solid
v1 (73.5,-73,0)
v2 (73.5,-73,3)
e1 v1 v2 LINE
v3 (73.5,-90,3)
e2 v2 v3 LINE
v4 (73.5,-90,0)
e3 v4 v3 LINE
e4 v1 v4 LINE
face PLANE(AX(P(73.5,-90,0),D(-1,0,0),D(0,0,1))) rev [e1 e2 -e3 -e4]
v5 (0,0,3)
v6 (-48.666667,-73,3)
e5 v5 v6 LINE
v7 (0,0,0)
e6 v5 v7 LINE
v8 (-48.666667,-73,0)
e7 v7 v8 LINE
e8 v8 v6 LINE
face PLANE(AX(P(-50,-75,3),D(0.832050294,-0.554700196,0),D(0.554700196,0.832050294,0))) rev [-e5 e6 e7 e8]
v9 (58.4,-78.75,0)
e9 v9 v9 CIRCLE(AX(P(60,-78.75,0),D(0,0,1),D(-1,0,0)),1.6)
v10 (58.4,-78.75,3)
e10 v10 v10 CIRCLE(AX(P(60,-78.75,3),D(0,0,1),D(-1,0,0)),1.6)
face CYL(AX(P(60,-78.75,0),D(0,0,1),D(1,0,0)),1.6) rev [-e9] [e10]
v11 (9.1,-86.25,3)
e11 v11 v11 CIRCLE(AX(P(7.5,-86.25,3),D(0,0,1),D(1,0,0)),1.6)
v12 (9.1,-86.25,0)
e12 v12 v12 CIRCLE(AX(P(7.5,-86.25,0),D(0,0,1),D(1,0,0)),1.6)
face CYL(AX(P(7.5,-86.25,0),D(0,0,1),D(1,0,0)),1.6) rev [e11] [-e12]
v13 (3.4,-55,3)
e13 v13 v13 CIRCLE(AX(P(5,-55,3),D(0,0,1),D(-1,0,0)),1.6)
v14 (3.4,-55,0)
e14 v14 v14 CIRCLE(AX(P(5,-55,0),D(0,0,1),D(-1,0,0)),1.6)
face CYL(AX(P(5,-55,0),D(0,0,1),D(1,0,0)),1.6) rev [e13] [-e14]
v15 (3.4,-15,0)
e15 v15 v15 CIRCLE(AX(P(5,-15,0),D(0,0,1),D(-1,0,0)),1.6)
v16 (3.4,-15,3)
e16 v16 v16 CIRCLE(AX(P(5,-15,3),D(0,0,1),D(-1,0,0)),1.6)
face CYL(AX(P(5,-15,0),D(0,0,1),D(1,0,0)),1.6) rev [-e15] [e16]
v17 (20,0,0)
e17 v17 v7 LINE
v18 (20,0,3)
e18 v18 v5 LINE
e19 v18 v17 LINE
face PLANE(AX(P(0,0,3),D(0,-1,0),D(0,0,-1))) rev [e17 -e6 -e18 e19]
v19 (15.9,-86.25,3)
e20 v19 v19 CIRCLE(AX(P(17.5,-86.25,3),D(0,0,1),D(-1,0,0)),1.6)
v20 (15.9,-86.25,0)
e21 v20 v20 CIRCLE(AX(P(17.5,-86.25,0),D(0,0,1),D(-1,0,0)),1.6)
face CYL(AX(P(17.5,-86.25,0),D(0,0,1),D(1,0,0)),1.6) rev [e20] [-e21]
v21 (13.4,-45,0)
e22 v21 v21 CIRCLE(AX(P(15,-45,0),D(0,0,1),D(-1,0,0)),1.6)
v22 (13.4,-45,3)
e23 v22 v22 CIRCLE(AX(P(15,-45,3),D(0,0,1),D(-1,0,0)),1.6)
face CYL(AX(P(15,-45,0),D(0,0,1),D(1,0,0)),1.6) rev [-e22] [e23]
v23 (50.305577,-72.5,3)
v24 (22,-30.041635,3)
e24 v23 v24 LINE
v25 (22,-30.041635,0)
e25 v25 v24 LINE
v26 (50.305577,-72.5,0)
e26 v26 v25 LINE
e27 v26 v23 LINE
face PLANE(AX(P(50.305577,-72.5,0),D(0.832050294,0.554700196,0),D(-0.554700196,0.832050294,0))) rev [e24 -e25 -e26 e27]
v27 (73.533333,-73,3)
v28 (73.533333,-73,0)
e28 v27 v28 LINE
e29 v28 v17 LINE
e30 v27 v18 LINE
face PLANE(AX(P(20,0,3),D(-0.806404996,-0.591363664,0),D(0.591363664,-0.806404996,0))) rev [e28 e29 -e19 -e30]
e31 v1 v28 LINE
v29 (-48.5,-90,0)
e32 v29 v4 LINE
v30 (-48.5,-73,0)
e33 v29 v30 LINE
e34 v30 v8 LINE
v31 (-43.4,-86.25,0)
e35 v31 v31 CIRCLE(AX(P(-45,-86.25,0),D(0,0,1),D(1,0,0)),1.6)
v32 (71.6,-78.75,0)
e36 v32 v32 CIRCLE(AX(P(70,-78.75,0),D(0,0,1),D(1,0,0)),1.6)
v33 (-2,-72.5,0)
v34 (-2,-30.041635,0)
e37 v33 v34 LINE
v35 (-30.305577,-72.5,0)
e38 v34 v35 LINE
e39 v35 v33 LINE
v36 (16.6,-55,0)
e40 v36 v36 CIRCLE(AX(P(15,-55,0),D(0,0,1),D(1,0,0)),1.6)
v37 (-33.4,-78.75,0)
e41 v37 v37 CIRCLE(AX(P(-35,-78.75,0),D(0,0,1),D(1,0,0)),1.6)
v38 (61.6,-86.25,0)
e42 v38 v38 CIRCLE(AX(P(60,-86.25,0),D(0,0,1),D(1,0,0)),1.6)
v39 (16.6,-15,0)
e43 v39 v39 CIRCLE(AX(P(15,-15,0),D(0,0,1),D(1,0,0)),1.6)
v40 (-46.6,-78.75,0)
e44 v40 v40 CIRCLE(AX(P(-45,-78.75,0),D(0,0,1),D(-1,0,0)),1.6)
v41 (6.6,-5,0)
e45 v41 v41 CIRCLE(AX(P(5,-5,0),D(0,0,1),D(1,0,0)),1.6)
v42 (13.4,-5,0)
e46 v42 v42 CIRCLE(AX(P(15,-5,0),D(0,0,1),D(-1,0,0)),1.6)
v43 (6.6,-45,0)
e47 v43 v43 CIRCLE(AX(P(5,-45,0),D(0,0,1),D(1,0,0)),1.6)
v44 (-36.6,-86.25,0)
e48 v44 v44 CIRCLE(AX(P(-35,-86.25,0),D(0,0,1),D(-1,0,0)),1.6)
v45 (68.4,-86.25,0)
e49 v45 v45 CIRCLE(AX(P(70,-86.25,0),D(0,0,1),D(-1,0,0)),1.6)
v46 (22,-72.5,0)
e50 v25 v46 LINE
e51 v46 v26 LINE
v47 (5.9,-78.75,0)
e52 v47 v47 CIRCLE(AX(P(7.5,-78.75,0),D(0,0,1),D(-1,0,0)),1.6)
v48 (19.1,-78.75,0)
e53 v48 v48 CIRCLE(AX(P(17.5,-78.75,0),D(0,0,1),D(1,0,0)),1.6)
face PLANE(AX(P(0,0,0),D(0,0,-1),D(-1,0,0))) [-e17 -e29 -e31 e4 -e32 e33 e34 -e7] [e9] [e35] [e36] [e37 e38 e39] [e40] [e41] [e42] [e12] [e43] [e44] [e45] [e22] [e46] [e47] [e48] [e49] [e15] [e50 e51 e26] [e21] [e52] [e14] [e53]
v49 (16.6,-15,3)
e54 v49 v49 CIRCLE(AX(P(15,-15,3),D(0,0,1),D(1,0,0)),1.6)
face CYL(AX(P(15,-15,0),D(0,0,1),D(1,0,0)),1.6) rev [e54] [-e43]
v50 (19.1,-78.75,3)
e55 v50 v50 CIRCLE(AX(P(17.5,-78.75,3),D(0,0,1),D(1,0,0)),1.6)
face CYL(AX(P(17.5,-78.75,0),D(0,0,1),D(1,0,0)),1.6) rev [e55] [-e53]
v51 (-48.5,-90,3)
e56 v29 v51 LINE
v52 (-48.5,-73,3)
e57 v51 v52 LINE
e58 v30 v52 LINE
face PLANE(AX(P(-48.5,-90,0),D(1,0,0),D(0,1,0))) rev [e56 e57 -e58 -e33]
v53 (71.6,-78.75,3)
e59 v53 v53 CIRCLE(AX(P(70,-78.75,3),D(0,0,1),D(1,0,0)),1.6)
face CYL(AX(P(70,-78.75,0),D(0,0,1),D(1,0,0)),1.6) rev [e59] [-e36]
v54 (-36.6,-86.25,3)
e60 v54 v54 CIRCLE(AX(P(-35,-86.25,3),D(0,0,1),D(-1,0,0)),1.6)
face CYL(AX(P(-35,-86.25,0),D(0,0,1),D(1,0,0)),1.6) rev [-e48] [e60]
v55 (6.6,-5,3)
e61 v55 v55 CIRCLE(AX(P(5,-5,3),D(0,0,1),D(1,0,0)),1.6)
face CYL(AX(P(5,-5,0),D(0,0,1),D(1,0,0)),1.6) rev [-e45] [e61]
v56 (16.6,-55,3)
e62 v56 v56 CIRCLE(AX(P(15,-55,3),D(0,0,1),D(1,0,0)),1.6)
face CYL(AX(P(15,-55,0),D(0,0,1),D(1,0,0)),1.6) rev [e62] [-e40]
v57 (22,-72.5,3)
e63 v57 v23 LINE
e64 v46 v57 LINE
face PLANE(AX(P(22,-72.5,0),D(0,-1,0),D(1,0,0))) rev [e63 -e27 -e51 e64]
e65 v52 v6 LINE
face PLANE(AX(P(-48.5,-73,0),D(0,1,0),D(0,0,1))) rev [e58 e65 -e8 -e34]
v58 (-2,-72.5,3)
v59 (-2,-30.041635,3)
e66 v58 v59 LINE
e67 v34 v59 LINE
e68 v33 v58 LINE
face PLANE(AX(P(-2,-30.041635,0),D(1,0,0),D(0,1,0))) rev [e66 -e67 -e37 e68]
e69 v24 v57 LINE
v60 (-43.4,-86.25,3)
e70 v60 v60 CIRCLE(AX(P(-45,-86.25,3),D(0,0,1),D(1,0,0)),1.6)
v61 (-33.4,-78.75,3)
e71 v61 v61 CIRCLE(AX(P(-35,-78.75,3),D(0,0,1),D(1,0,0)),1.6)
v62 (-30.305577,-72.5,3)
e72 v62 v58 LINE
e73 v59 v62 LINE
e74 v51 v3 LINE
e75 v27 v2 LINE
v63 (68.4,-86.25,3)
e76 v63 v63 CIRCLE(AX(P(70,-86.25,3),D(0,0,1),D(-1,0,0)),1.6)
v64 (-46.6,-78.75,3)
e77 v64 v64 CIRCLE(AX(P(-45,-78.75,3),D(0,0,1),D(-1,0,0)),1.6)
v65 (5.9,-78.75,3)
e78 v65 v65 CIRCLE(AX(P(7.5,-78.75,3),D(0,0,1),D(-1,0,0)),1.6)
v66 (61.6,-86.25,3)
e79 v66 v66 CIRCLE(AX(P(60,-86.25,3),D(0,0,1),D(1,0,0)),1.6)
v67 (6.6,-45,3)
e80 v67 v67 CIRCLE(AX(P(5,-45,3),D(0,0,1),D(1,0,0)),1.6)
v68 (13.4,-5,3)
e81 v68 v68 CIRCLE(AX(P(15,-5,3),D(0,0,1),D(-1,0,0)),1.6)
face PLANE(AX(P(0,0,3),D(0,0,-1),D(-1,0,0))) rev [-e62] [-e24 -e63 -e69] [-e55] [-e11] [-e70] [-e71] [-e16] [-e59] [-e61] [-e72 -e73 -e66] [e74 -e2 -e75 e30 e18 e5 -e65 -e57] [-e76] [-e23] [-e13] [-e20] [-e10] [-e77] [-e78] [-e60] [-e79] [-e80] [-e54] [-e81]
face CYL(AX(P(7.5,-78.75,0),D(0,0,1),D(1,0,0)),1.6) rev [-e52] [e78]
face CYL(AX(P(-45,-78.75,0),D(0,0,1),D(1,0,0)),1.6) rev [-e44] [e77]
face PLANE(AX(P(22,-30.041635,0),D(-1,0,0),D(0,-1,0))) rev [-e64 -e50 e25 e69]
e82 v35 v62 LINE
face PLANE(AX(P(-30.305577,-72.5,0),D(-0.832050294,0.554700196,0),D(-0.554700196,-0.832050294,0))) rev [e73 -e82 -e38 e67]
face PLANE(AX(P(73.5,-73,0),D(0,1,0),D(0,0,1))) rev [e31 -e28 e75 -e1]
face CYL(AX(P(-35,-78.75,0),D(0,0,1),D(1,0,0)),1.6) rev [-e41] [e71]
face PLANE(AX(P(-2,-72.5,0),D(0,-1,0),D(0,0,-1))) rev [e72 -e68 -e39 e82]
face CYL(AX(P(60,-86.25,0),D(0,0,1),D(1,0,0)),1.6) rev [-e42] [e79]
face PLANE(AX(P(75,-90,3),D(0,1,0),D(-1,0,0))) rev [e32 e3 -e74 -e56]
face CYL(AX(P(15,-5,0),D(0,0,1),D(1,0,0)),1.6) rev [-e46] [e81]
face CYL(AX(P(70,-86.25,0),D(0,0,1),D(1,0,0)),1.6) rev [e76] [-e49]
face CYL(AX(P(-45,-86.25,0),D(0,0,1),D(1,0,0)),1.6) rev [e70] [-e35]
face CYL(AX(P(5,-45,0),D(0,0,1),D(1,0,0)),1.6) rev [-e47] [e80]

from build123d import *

# Parameters (mm, degrees)
EXTRUDE_1_DEPTH     = 3
SKETCH_2_R          = 1.6
SKETCH_2_W          = 1.5
SKETCH_2_H          = 17
CUT_EXTRUDE_1_DEPTH = 118.192149908


with BuildPart() as part:
    # 草图1 → 凸台-拉伸1 (new body)
    with BuildSketch(Plane.XY):
        Polygon((0, 0), (20, 0), (75, -75), (75, -90), (-50, -90), (-50, -75), align=None)
    extrude(amount=EXTRUDE_1_DEPTH)

    # 草图2 → 切除-拉伸1 (cut, through all)
    with BuildSketch(Plane.XY.offset(3)):
        with Locations((5, -5)):
            Circle(SKETCH_2_R)
        with Locations(Location((15, -5, 0), (0, 0, 180))):
            Circle(SKETCH_2_R)
        with Locations((15, -15)):
            Circle(SKETCH_2_R)
        with Locations(Location((5, -15, 0), (0, 0, 180))):
            Circle(SKETCH_2_R)
        with Locations((-45, -86.25)):
            Circle(SKETCH_2_R)
        with Locations(Location((-45, -78.75, 0), (0, 0, 180))):
            Circle(SKETCH_2_R)
        with Locations(Location((-35, -86.25, 0), (0, 0, 180))):
            Circle(SKETCH_2_R)
        with Locations((-35, -78.75)):
            Circle(SKETCH_2_R)
        with Locations(Location((60, -78.75, 0), (0, 0, 180))):
            Circle(SKETCH_2_R)
        with Locations((60, -86.25)):
            Circle(SKETCH_2_R)
        with Locations((70, -78.75)):
            Circle(SKETCH_2_R)
        with Locations(Location((70, -86.25, 0), (0, 0, 180))):
            Circle(SKETCH_2_R)
        with Locations((7.5, -86.25)):
            Circle(SKETCH_2_R)
        with Locations(Location((17.5, -86.25, 0), (0, 0, 180))):
            Circle(SKETCH_2_R)
        with Locations((17.5, -78.75)):
            Circle(SKETCH_2_R)
        with Locations(Location((7.5, -78.75, 0), (0, 0, 180))):
            Circle(SKETCH_2_R)
        with Locations((5, -45)):
            Circle(SKETCH_2_R)
        with Locations(Location((15, -45, 0), (0, 0, 180))):
            Circle(SKETCH_2_R)
        with Locations((15, -55)):
            Circle(SKETCH_2_R)
        with Locations(Location((5, -55, 0), (0, 0, 180))):
            Circle(SKETCH_2_R)
        Polygon((-2, -30.041634566), (-2, -72.5), (-30.305576956, -72.5), align=None)
        Polygon((22, -72.5), (50.305576956, -72.5), (22, -30.041634566), align=None)
        with Locations((74.25, -81.5)):
            Rectangle(SKETCH_2_W, SKETCH_2_H)
        with Locations((-49.25, -81.5)):
            Rectangle(SKETCH_2_W, SKETCH_2_H)
    extrude(amount=-CUT_EXTRUDE_1_DEPTH, mode=Mode.SUBTRACT)


solid = part.part
